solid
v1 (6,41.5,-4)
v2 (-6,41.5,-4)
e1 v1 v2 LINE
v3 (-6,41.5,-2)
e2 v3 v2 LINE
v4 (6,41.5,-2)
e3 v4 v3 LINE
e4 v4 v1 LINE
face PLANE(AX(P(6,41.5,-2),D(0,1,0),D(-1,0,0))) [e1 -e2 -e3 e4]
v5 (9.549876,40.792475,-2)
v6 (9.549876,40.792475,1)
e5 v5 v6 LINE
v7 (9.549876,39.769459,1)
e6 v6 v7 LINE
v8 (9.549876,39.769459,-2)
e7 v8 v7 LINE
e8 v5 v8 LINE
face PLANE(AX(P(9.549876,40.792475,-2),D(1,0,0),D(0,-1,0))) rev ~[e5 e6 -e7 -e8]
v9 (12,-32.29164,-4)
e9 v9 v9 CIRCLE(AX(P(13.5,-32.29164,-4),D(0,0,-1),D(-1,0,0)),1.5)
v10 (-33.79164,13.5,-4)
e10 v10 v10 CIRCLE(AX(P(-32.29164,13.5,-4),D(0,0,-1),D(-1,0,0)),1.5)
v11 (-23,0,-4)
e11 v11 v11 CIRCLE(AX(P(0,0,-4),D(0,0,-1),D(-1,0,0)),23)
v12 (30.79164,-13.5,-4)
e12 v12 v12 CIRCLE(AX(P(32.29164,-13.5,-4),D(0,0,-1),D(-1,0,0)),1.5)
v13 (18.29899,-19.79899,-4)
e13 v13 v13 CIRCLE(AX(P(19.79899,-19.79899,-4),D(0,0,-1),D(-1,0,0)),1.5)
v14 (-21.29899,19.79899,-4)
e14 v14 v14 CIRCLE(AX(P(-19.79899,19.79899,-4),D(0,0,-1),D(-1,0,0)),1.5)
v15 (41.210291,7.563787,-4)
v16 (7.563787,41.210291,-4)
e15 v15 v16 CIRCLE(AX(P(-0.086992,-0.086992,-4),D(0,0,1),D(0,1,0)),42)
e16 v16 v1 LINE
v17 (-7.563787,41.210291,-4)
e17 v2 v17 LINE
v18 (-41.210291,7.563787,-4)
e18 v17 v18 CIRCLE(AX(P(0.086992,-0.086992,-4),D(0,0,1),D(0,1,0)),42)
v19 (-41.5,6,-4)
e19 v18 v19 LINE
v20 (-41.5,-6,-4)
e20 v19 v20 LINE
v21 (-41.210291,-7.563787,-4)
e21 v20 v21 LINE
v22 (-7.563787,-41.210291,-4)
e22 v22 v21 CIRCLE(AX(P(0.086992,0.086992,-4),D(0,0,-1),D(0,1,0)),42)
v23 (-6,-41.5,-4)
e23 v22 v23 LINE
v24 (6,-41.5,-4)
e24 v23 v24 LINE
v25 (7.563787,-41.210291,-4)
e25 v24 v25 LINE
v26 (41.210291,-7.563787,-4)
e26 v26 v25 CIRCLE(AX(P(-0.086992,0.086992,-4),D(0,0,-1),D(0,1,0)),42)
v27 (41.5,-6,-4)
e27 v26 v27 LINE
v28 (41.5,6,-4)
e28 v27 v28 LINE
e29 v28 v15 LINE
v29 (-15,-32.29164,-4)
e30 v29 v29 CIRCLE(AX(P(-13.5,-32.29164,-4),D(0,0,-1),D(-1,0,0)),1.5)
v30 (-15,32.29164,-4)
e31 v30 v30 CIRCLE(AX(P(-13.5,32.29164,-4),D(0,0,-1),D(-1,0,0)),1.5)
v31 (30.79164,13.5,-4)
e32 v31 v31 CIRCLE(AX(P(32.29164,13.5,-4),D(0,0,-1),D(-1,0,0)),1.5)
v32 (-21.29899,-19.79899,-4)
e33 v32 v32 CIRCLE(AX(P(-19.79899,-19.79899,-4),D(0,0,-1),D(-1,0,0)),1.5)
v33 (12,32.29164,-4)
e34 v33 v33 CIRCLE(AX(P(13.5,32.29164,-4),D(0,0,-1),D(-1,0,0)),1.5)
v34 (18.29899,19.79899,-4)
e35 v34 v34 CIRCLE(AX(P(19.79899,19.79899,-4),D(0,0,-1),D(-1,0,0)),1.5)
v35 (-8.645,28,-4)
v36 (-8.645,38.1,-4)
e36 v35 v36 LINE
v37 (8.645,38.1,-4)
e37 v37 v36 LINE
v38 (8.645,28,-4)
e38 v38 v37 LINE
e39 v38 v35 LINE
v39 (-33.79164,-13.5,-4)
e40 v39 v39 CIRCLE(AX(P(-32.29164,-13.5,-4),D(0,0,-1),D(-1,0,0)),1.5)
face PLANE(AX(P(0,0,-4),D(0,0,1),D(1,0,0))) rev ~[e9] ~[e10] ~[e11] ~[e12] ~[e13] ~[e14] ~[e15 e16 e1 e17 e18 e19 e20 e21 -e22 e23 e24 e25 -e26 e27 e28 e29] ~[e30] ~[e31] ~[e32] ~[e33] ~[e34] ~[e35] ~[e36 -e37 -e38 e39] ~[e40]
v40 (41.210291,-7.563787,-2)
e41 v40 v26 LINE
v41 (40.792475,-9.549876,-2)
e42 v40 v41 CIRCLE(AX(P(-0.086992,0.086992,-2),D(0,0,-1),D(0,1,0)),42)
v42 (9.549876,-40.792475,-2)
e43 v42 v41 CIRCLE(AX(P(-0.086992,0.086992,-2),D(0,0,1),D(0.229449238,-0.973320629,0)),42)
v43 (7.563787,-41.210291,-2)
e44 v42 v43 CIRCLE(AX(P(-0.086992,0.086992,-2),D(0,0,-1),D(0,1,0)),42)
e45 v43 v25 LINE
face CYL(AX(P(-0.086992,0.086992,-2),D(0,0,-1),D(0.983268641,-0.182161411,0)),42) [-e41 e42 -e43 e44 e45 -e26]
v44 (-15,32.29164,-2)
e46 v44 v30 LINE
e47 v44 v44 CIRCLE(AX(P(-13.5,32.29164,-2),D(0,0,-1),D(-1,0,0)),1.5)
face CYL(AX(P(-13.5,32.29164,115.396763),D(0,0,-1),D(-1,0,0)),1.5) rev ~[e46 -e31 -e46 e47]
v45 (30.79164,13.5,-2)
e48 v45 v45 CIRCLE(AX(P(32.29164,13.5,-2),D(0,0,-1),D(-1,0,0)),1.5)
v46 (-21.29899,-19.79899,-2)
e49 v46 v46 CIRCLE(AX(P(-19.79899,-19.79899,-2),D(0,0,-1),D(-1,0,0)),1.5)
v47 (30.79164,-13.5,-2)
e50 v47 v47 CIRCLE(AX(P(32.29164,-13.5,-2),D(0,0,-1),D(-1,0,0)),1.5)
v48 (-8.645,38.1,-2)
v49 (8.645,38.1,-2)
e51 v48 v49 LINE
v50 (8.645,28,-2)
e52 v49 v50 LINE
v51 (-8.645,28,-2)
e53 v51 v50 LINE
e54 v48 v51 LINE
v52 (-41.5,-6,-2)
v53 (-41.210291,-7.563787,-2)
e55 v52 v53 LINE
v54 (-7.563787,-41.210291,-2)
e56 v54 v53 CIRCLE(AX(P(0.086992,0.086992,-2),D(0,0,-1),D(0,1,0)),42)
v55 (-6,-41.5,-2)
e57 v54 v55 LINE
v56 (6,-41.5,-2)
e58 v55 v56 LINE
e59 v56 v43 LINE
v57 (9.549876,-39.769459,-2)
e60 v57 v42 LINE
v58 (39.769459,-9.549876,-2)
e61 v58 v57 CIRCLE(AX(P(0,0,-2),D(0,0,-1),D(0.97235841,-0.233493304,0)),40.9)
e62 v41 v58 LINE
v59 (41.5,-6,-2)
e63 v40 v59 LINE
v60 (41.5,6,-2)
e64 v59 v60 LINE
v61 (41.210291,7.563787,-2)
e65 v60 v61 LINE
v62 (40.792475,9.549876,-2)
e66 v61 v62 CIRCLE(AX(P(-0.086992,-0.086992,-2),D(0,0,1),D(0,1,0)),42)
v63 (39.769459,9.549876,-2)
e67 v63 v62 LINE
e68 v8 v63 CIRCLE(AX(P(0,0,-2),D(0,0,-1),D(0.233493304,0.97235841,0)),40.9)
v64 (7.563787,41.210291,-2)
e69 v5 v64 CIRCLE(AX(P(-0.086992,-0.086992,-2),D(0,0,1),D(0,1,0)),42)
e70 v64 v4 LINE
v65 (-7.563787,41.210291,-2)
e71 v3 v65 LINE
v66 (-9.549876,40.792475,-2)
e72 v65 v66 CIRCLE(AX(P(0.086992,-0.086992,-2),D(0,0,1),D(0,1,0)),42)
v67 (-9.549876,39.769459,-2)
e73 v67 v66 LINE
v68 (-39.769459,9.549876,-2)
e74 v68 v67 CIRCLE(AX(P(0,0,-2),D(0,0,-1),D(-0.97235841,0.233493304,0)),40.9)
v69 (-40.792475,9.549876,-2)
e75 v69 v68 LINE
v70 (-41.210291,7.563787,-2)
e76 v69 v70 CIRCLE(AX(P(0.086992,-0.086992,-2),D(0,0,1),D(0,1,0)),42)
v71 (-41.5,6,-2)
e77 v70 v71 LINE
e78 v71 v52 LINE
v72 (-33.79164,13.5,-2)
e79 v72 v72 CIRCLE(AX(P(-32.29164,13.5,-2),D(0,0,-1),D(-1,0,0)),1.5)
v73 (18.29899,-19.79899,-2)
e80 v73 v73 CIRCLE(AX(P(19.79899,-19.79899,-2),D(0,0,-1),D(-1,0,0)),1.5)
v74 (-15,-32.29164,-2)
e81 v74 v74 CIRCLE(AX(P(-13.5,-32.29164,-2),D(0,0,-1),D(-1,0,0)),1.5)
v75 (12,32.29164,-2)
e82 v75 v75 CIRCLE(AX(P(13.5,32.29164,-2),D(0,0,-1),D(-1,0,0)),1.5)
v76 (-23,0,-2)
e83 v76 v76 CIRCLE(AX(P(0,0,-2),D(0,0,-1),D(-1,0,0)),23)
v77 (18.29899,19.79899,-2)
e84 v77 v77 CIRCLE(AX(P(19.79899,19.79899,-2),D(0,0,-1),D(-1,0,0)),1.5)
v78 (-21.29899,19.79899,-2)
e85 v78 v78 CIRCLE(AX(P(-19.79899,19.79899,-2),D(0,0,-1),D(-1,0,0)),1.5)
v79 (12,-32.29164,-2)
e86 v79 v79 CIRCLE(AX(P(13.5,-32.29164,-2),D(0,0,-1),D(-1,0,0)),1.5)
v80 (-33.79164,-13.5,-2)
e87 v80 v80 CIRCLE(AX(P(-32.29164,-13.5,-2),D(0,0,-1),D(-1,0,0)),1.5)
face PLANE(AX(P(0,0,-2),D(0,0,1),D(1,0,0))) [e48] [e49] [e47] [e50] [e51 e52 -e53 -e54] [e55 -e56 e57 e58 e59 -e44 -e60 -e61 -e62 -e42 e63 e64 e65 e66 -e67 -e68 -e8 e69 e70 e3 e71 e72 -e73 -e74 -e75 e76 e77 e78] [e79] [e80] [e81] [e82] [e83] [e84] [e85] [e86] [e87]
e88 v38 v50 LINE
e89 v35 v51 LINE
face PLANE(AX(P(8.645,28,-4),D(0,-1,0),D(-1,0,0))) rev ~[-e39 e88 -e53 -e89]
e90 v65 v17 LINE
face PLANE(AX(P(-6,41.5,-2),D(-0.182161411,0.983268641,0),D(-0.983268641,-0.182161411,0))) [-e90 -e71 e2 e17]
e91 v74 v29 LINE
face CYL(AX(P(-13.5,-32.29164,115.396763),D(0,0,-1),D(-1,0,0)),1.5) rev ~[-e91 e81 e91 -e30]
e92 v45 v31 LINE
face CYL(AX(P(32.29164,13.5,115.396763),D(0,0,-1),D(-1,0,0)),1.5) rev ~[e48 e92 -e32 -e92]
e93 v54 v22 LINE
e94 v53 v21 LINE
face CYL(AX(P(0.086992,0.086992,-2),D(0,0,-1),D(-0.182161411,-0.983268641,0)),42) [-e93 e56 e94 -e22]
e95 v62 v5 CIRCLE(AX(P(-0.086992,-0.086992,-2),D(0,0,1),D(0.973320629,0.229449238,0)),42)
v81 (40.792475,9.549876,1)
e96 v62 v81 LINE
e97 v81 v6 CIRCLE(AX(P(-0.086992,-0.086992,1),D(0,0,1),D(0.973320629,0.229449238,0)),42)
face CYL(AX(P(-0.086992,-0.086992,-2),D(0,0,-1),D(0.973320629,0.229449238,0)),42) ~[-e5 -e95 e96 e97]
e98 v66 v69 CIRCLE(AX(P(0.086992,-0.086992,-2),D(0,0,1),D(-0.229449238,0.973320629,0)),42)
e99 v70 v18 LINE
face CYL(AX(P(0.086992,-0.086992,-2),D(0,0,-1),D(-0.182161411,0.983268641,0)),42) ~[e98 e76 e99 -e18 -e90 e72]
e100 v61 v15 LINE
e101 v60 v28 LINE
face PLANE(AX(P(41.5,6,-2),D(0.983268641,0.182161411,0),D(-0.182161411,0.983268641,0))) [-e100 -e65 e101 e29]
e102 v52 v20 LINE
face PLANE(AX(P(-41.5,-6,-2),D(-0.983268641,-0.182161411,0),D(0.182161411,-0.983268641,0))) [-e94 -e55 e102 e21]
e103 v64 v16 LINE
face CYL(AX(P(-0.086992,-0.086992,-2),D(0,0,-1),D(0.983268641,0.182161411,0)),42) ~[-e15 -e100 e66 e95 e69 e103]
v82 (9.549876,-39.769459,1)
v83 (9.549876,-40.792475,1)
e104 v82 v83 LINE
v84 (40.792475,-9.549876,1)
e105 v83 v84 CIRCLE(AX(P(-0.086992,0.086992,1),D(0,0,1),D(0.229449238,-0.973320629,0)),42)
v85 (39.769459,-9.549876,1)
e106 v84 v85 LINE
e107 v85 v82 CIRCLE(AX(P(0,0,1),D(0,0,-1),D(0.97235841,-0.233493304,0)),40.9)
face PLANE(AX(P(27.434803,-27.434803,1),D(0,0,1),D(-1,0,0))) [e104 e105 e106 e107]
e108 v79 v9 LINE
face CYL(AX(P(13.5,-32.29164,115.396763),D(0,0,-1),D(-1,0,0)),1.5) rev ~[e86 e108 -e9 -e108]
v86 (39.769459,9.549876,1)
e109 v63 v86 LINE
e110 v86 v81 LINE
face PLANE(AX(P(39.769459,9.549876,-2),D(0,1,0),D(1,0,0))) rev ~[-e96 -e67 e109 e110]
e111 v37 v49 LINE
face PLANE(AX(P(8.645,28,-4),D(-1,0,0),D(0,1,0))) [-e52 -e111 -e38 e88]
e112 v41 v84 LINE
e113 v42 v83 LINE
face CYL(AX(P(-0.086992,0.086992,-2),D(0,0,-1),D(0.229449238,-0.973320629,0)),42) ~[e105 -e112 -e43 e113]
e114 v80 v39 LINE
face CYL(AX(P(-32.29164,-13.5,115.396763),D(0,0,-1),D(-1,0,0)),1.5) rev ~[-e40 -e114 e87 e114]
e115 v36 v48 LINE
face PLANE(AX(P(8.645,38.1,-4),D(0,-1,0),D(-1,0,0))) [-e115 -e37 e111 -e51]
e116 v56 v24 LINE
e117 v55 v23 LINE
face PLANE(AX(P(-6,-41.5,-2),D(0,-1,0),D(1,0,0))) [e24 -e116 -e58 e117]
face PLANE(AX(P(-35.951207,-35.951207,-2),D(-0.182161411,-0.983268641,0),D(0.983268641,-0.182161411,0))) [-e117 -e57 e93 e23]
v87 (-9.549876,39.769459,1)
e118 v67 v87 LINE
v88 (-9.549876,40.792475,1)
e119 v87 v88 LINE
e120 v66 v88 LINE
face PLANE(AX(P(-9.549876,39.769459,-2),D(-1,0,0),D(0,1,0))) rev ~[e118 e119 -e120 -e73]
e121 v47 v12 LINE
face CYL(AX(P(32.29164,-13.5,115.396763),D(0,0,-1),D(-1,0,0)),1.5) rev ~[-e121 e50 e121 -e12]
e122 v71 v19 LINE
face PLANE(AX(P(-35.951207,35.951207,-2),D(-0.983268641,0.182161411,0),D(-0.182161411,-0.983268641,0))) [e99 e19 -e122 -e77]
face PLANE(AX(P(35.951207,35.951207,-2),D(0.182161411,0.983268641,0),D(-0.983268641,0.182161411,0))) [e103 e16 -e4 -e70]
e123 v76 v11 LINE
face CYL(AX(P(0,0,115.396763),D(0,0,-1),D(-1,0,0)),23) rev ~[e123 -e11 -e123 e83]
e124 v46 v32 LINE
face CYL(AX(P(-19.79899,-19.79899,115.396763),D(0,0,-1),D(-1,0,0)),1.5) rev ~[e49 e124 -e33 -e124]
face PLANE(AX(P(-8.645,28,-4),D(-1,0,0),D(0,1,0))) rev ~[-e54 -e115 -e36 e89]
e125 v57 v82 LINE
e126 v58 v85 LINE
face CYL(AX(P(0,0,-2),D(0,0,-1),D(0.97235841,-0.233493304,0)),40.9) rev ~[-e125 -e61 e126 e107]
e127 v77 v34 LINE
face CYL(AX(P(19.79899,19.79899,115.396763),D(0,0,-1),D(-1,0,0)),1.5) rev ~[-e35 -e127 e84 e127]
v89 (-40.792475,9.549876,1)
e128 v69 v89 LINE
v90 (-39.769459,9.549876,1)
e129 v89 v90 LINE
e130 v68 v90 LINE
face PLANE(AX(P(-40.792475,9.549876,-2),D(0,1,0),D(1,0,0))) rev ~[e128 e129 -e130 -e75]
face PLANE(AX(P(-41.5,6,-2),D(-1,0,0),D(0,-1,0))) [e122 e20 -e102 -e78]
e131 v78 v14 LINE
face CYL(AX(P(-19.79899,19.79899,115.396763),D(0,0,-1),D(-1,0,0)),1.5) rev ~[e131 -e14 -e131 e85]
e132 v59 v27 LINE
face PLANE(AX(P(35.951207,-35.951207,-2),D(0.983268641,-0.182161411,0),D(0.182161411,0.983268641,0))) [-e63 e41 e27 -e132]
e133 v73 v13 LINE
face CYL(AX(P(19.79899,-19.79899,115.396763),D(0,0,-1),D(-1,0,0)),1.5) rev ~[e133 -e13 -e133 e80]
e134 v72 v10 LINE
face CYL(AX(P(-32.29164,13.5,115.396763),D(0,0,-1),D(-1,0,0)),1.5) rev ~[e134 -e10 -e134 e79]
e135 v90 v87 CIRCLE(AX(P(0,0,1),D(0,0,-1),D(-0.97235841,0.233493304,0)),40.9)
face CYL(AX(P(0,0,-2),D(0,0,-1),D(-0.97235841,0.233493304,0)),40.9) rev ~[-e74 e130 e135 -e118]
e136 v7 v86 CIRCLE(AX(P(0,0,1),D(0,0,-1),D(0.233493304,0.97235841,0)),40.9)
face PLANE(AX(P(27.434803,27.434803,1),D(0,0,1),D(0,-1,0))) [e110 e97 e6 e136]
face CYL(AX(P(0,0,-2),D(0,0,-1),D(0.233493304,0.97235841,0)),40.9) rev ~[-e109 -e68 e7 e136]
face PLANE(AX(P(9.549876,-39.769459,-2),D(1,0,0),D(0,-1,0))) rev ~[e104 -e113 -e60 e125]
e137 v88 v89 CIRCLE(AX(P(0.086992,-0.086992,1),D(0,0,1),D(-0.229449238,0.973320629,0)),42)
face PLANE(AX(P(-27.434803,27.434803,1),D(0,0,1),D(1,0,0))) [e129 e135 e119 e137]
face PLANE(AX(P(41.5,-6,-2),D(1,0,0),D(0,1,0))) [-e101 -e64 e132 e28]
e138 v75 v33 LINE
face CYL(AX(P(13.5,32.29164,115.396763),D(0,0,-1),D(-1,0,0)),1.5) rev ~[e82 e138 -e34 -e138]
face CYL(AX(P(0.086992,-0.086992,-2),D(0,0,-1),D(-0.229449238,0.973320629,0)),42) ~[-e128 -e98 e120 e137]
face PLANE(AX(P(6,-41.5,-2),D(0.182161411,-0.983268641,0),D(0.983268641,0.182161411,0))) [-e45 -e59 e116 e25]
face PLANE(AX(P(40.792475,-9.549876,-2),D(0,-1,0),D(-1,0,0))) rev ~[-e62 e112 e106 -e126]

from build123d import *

# Parameters (mm, degrees)
EXTRUDE_1_DEPTH          = 2
HOLE_WIZARD_3_0_3_1_D    = 3
HOLE_WIZARD_M421_D       = 46
FILLET_1_R               = 42
EXTRUDE_2_DEPTH          = 3
PATTERN_CIRCULAR_1_COUNT = 3
PATTERN_CIRCULAR_1_ANGLE = 180
SKETCH_12_W              = 17.29
SKETCH_12_H              = 10.1
CUT_EXTRUDE_2_DEPTH      = 10


with BuildPart() as part:
    # Эскиз1 → Бобышка-Вытянуть1 (new body)
    with BuildSketch(Plane.XY.offset(-2)):
        Polygon((41.5, 6), (35.95120701, 35.95120701), (6, 41.5), (-6, 41.5), (-35.95120701, 35.95120701), (-41.5, 6), (-41.5, -6), (-35.95120701, -35.95120701), (-6, -41.5), (6, -41.5), (35.95120701, -35.95120701), (41.5, -6), align=None)
    extrude(amount=-EXTRUDE_1_DEPTH)

    # Диаметр отверстия Ø3.0 (3)1 (through all)
    with Locations(Plane.XY.offset(-2)):
        with Locations((32.291639785, -13.5), (32.291639785, 13.5), (19.798989873, 19.798989873), (19.798989873, -19.798989873), (13.5, -32.291639785), (-13.5, -32.291639785), (-19.798989873, -19.798989873), (-19.798989873, 19.798989873), (-13.5, 32.291639785), (13.5, 32.291639785), (-32.291639785, 13.5), (-32.291639785, -13.5)):
            Hole(HOLE_WIZARD_3_0_3_1_D / 2)

    # Отверстие с зазором M421 (through all)
    with Locations(Plane.XY.offset(-2)):
        with Locations((0, 0)):
            Hole(HOLE_WIZARD_M421_D / 2)

    # Скругление1
    fillet_1_edges = [part.edges().sort_by_distance(p)[0] for p in [
        (35.95120701, -35.95120701, -3),
        (-35.95120701, -35.95120701, -3),
        (-35.95120701, 35.95120701, -3),
        (35.95120701, 35.95120701, -3),
    ]]
    fillet(fillet_1_edges, radius=FILLET_1_R)

    # Эскиз10 → Бобышка-Вытянуть2 (add)
    with BuildSketch(Plane.XY.offset(-2)):
        with BuildLine():
            Line((-9.549876115, 39.769458963), (-9.549876115, 40.792474564))
            ThreePointArc((-9.549876115, 40.792474564), (-29.611492945, 29.611492945), (-40.792474564, 9.549876115))
            Line((-40.792474564, 9.549876115), (-39.769458963, 9.549876115))
            ThreePointArc((-39.769458963, 9.549876115), (-28.920667351, 28.920667351), (-9.549876115, 39.769458963))
        make_face()
    extrude_2 = extrude(amount=EXTRUDE_2_DEPTH)

    # Круговой массив1: Бобышка-Вытянуть2 ×3 about axis
    pattern_circular_1_axis = Axis((0, 0, 0), (0, 0, -1))
    for i in range(1, PATTERN_CIRCULAR_1_COUNT):
        add(extrude_2.rotate(pattern_circular_1_axis, i * PATTERN_CIRCULAR_1_ANGLE / (PATTERN_CIRCULAR_1_COUNT - 1)))

    # Эскиз12 → Вырез-Вытянуть2 (cut)
    with BuildSketch(Plane(origin=(0, 0, -4), x_dir=(-1, 0, 0), z_dir=(0, 0, -1))):
        with Locations((0, 33.05)):
            Rectangle(SKETCH_12_W, SKETCH_12_H)
    extrude(amount=-CUT_EXTRUDE_2_DEPTH, mode=Mode.SUBTRACT)


solid = part.part
